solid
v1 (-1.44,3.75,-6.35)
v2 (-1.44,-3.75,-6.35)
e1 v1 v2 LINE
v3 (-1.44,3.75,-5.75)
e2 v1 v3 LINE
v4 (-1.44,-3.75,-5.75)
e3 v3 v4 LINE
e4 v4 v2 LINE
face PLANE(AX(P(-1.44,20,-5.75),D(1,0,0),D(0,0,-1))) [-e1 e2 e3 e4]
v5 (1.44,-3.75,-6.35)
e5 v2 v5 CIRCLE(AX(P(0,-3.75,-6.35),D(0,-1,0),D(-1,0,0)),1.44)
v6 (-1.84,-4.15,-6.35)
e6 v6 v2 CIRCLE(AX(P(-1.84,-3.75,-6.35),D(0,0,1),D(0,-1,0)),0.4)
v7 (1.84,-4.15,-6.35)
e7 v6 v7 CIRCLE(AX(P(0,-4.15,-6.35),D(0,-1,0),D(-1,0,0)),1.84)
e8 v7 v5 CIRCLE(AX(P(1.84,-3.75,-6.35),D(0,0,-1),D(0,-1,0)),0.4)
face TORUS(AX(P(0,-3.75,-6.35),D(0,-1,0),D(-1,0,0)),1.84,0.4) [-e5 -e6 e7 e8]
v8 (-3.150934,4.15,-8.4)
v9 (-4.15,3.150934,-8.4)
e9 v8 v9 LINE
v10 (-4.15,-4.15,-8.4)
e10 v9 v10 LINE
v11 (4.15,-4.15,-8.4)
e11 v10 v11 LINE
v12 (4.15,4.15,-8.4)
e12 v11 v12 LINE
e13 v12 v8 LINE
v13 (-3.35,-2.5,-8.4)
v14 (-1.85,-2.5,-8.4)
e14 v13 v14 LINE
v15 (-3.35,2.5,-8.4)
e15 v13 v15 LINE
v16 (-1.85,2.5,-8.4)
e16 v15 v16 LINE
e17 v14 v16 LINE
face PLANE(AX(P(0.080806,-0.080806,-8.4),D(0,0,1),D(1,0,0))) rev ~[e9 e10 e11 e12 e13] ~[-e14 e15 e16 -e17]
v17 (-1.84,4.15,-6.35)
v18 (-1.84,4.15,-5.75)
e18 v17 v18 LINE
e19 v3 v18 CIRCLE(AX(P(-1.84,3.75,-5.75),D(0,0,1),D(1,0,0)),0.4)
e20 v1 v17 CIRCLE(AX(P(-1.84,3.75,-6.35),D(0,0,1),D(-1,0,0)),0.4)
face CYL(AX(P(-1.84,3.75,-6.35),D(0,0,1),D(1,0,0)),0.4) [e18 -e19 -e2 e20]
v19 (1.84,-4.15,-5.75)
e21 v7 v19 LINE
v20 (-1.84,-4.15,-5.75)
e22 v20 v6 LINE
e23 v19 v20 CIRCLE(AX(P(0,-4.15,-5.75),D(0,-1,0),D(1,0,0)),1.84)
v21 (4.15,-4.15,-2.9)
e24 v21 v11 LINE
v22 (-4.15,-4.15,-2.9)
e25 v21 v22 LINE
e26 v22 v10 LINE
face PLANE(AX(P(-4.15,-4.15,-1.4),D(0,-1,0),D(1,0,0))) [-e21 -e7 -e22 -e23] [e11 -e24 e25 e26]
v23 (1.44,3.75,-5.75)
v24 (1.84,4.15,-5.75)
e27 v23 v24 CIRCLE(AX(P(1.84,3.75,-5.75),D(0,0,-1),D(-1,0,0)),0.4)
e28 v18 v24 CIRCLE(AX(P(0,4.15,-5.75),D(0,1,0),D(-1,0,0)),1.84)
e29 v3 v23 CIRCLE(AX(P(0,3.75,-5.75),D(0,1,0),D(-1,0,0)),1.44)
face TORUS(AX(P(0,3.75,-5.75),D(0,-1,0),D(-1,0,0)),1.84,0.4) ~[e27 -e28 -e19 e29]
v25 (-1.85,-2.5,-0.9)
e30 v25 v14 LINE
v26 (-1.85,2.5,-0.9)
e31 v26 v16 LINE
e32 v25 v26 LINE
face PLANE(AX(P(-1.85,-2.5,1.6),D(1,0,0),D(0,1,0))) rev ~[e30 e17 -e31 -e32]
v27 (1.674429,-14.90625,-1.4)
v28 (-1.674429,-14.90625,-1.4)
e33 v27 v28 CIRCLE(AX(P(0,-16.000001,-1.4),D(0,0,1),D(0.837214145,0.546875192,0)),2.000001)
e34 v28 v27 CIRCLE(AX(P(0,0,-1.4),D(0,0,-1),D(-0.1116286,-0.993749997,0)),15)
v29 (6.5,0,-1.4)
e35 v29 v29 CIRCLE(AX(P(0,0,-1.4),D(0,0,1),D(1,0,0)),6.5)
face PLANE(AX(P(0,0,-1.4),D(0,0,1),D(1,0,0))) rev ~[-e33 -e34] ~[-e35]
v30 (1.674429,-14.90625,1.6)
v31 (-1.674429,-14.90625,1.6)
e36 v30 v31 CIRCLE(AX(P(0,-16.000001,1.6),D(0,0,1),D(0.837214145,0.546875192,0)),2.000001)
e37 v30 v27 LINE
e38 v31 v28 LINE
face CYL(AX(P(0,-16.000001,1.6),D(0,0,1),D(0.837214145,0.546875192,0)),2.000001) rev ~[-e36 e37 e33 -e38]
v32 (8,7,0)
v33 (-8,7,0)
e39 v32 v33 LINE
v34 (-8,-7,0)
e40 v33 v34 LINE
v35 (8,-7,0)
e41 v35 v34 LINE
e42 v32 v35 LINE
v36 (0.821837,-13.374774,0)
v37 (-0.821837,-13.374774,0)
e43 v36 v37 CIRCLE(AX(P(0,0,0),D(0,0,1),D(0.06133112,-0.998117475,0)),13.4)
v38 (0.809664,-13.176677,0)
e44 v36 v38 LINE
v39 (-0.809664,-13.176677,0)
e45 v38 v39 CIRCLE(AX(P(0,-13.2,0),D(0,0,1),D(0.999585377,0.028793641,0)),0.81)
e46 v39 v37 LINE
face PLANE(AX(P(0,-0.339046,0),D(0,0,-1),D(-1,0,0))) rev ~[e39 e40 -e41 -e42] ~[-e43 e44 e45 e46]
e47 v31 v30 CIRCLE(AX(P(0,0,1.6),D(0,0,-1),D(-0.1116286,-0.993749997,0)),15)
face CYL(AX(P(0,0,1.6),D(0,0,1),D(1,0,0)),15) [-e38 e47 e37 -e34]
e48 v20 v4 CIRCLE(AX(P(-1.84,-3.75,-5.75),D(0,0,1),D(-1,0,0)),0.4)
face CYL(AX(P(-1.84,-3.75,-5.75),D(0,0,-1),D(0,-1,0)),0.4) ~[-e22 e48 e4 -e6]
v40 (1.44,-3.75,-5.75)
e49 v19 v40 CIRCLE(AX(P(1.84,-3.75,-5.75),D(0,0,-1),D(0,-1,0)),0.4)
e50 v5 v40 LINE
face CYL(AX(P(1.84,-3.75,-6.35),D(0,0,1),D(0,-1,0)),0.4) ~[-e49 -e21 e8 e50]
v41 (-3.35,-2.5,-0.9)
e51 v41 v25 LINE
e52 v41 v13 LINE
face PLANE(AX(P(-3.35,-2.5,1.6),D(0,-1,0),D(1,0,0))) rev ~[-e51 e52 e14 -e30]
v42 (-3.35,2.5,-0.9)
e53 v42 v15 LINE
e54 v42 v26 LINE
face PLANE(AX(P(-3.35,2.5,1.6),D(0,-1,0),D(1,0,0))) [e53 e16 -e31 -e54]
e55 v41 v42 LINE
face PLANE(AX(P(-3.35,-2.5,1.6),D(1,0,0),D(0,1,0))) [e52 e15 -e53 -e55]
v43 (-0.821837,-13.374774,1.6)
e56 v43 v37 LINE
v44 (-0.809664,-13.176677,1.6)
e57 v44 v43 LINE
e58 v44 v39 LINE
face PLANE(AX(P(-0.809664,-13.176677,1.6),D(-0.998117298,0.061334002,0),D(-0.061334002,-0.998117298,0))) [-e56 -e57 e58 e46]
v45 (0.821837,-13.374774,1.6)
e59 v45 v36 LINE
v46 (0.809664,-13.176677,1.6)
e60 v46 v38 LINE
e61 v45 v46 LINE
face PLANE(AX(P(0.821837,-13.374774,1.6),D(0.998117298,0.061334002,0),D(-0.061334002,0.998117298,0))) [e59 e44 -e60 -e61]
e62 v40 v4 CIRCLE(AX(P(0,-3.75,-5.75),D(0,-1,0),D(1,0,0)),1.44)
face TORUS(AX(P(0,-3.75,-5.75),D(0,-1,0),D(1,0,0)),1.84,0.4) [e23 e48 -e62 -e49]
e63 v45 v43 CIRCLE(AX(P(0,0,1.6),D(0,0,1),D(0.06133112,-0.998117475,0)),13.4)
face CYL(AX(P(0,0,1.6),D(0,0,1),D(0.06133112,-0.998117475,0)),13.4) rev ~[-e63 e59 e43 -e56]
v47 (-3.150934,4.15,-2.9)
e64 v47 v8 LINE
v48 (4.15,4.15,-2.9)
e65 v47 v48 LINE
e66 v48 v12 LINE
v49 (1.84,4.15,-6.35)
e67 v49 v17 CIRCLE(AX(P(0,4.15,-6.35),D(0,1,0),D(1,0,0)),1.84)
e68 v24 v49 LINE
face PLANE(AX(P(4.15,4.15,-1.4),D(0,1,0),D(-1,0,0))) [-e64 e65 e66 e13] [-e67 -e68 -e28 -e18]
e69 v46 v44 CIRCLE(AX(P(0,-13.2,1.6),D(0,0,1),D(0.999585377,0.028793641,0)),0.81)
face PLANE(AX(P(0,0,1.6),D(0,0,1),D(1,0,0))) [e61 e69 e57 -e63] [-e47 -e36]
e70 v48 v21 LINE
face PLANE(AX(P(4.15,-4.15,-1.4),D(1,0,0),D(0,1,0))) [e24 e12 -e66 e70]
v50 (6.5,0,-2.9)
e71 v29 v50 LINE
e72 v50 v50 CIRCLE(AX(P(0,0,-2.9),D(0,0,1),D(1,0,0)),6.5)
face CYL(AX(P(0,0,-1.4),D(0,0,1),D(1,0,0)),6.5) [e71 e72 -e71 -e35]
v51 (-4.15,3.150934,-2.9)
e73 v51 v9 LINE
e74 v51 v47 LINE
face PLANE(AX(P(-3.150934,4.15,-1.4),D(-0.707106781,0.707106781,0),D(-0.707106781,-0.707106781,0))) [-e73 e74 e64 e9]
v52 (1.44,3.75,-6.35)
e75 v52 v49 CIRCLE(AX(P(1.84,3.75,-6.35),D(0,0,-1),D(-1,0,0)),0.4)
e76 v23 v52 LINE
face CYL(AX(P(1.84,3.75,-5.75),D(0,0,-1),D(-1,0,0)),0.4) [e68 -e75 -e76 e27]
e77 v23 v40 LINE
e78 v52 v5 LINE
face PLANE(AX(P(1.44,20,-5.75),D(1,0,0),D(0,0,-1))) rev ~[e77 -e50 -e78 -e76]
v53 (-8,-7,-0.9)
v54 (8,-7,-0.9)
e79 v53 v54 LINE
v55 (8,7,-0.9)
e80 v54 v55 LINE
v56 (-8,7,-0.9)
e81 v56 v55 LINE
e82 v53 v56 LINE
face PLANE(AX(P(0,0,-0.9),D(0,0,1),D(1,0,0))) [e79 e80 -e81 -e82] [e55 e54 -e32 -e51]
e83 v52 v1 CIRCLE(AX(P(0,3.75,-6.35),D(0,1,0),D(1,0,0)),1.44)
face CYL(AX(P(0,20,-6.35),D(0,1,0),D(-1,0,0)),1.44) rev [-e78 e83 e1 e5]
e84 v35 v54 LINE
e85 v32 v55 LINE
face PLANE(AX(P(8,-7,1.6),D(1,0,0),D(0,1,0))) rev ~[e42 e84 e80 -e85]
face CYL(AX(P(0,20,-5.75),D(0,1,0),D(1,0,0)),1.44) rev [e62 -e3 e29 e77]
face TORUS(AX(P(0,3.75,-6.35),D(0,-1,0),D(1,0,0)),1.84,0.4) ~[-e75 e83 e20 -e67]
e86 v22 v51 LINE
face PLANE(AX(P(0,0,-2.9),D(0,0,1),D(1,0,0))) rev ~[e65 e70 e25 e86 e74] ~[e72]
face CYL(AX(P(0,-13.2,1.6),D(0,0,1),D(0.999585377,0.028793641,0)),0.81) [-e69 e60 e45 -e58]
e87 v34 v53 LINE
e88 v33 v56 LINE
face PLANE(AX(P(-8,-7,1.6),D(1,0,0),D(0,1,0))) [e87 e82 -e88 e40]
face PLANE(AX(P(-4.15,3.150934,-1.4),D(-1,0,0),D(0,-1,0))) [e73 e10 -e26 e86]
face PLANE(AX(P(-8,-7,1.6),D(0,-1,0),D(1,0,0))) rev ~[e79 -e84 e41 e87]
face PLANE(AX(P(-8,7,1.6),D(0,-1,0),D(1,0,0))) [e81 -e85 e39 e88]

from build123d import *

# Parameters (mm, degrees)
SKETCH012_R     = 15
PAD002_DEPTH    = 3
POCKET004_DEPTH = 1.6
SKETCH013_W     = 16
SKETCH013_H     = 14
POCKET005_DEPTH = 2.5
PAD003_DEPTH    = 7
SKETCH015_R     = 6.5
PAD004_DEPTH    = 1.5
SKETCH016_W     = 1.5
SKETCH016_H     = 5
POCKET006_DEPTH = 10.001
POCKET013_DEPTH = 10.001
POCKET015_DEPTH = 34.90725
FILLET_R        = 0.4
FILLET002_R     = 0.4


with BuildPart() as part:
    # Sketch012 → Pad002 (new body)
    with BuildSketch(Plane.XY):
        with Locations((-60, -20)):
            Circle(SKETCH012_R)
    extrude(amount=-PAD002_DEPTH)

    # Sketch011 → Pocket004 (cut)
    with BuildSketch(Plane.XY):
        with BuildLine():
            ThreePointArc((-59.190336, -33.176677), (-60, -32.39), (-60.809664, -33.176677))
            Line((-60.809664, -33.176677), (-60.821837, -33.374774))
            ThreePointArc((-59.178163, -33.374774), (-60, -6.6), (-60.821837, -33.374774))
            Line((-59.178163, -33.374774), (-59.190336, -33.176677))
        make_face()
    extrude(amount=-POCKET004_DEPTH, mode=Mode.SUBTRACT)

    # Sketch013 → Pocket005 (cut)
    with BuildSketch(Plane.XY):
        with Locations((-60, -20)):
            Rectangle(SKETCH013_W, SKETCH013_H)
    extrude(amount=-POCKET005_DEPTH, mode=Mode.SUBTRACT)

    # Sketch014 → Pad003 (join)
    with BuildSketch(Plane.XY.offset(-3)):
        Polygon((-64.15, -24.15), (-55.85, -24.15), (-55.85, -15.85), (-63.150934, -15.85), (-64.15, -16.849066), align=None)
    extrude(amount=-PAD003_DEPTH)

    # Sketch015 → Pad004 (join)
    with BuildSketch(Plane.XY.offset(-3)):
        with Locations((-60, -20)):
            Circle(SKETCH015_R)
    extrude(amount=-PAD004_DEPTH)

    # Sketch016 → Pocket006 (cut, through all)
    with BuildSketch(Plane.XY):
        with Locations((-62.6, -20)):
            Rectangle(SKETCH016_W, SKETCH016_H)
    extrude(amount=-POCKET006_DEPTH, mode=Mode.SUBTRACT)

    # Sketch025 → Pocket013 (cut, through all)
    with BuildSketch(Plane.XY):
        with BuildLine():
            ThreePointArc((-58.325571, -34.90625), (-60, -34), (-61.674429, -34.90625))
            ThreePointArc((-61.674429, -34.90625), (-60, -35), (-58.325571, -34.90625))
        make_face()
    extrude(amount=-POCKET013_DEPTH, mode=Mode.SUBTRACT)

    # Sketch028 → Pocket015 (cut, through all)
    with BuildSketch(Plane.XZ):
        with BuildLine():
            Line((-58.56, -7.35), (-58.56, -7.95))
            ThreePointArc((-61.44, -7.95), (-60, -9.39), (-58.56, -7.95))
            Line((-61.44, -7.35), (-61.44, -7.95))
            ThreePointArc((-58.56, -7.35), (-60, -5.91), (-61.44, -7.35))
        make_face()
    extrude(amount=POCKET015_DEPTH, mode=Mode.SUBTRACT)

    # Fillet
    fillet_edges = [part.edges().sort_by_distance(p)[0] for p in [
        (-58.56, -24.15, -7.65),
    ]]
    fillet(fillet_edges, radius=FILLET_R)

    # Fillet002
    fillet002_edges = [part.edges().sort_by_distance(p)[0] for p in [
        (-58.56, -15.85, -7.65),
    ]]
    fillet(fillet002_edges, radius=FILLET002_R)


with BuildPart() as part_1:
    # Body001 placement: moved
    add(part.part.moved(Location((60, 20, 1.6))))


solid = part_1.part
